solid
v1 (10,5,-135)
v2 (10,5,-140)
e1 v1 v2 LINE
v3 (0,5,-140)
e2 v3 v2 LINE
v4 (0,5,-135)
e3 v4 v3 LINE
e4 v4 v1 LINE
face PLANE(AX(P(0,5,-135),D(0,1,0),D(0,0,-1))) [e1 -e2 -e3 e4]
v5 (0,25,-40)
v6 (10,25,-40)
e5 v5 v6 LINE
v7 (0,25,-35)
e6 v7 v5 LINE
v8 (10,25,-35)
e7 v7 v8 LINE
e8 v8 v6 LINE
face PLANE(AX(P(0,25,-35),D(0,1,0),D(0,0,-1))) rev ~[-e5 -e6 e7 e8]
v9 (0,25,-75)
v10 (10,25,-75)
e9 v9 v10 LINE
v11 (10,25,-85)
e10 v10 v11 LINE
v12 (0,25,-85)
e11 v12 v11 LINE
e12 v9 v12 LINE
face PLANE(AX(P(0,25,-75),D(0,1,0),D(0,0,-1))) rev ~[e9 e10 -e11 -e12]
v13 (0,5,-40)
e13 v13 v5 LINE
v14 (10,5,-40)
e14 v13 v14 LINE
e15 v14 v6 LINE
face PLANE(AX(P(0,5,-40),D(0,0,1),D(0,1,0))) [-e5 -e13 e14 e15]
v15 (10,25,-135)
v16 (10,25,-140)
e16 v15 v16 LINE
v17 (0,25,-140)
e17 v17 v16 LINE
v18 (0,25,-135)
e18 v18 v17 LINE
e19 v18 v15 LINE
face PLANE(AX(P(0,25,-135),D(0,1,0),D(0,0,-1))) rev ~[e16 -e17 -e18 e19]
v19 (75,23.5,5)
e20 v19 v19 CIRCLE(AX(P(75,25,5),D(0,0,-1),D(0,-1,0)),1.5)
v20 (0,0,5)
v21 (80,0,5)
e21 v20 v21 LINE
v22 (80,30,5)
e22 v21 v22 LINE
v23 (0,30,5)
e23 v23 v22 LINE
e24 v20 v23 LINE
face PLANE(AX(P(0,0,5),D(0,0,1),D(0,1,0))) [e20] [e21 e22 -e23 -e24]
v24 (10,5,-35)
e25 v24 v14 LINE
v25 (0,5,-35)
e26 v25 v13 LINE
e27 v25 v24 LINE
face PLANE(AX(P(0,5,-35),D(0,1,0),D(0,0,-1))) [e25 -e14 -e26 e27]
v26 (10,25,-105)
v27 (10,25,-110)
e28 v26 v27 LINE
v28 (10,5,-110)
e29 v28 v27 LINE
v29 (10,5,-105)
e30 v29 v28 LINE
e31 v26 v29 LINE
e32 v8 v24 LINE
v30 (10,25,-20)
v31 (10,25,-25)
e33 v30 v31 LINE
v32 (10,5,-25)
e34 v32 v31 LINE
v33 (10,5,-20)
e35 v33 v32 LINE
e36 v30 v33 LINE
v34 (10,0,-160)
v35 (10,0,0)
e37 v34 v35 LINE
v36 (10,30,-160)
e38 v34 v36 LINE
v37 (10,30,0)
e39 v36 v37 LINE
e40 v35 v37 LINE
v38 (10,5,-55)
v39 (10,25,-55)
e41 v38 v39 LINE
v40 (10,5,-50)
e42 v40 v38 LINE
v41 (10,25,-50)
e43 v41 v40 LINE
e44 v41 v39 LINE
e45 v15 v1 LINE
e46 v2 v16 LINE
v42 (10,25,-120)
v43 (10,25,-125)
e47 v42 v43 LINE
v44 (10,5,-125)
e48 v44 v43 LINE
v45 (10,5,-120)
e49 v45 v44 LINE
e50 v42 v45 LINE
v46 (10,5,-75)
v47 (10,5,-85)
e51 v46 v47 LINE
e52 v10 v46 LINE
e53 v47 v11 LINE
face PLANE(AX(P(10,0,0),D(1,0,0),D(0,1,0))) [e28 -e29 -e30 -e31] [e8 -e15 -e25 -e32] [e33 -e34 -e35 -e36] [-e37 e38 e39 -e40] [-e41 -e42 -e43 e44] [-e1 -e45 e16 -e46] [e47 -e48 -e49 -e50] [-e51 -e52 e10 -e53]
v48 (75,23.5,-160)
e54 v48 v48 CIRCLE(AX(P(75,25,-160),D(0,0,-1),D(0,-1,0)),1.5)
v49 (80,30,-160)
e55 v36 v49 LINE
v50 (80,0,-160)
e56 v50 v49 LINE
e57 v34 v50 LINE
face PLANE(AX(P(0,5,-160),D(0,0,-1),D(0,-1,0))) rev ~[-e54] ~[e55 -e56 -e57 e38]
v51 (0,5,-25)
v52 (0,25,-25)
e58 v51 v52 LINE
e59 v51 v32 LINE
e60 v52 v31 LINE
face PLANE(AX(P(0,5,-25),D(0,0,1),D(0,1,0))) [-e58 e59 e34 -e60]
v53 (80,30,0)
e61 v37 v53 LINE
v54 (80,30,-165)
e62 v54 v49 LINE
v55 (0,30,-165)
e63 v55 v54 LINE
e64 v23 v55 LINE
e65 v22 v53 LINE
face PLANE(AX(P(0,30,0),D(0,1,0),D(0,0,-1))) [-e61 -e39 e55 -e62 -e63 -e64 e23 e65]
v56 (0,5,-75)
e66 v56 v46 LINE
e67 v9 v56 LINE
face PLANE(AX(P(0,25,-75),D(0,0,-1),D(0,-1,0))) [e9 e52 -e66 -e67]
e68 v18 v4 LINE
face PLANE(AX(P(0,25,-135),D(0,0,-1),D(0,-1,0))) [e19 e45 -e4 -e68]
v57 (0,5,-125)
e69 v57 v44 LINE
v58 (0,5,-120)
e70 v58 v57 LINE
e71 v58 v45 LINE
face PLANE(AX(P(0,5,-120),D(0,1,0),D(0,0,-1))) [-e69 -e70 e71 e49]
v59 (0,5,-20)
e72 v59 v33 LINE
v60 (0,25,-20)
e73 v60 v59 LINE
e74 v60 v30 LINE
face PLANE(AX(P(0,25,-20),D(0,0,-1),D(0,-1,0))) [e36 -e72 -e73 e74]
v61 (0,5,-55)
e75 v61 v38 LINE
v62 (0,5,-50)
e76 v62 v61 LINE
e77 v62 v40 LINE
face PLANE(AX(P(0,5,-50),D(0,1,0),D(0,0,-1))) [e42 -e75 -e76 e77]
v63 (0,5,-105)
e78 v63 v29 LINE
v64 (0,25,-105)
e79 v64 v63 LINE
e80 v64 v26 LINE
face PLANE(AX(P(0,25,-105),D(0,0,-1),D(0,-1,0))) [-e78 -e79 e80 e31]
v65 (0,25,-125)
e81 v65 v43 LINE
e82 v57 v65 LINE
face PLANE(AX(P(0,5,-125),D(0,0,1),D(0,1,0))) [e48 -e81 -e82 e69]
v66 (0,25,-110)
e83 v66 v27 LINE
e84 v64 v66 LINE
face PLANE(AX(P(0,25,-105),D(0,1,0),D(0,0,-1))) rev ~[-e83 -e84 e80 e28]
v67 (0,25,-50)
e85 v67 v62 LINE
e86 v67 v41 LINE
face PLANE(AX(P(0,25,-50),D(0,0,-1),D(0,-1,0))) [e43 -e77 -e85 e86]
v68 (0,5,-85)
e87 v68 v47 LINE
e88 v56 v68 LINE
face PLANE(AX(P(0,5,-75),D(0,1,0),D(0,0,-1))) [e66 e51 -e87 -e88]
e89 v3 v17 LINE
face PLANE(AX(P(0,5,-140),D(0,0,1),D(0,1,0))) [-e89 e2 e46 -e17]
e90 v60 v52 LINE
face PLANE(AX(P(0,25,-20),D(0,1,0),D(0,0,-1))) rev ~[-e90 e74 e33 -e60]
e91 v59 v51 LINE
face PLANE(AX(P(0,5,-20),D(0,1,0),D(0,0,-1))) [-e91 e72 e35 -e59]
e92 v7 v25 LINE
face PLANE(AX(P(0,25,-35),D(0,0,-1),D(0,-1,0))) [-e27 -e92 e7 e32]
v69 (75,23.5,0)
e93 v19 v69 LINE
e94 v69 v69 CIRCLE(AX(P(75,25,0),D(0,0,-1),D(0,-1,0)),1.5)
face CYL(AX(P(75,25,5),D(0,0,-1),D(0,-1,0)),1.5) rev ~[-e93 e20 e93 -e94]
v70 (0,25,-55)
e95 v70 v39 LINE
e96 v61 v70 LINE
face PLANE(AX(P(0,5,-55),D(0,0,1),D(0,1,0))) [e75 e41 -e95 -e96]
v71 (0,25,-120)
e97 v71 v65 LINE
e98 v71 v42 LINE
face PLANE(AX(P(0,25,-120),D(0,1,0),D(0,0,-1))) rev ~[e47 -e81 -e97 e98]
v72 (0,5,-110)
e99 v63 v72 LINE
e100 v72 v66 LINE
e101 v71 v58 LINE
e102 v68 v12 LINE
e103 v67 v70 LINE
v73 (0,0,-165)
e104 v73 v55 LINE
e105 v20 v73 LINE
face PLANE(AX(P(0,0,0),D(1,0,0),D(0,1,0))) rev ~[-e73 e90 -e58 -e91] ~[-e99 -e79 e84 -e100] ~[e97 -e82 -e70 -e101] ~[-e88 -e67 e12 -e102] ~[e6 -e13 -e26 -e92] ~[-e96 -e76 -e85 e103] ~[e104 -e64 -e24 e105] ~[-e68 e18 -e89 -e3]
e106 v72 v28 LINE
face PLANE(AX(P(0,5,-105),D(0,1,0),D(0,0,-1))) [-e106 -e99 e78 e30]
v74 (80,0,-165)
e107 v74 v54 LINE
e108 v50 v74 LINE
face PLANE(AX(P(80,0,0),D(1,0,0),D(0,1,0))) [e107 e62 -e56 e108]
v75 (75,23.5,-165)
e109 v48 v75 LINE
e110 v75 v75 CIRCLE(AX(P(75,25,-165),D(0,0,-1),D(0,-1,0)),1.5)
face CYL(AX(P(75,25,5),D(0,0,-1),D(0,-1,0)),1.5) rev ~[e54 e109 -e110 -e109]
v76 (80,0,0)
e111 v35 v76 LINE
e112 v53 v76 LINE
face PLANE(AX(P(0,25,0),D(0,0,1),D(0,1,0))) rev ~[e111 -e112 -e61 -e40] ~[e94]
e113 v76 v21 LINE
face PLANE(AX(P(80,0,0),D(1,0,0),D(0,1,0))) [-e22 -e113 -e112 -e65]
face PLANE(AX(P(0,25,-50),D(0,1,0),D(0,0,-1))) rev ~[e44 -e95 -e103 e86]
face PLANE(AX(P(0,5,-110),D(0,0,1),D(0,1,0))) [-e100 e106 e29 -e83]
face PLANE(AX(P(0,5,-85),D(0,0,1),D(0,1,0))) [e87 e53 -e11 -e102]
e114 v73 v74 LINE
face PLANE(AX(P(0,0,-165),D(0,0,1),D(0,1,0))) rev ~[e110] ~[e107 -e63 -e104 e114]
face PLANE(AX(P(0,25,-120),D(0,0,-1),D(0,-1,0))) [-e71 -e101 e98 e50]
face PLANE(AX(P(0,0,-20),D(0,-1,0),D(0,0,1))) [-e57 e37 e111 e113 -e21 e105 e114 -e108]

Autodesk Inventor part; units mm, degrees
ref_plane "YZ Plane" through (0, 0, 0) normal (1, 0, 0) x (0, 1, 0)
ref_plane "XZ Plane" through (0, 0, 0) normal (0, 1, 0) x (-1, 0, 0)
ref_plane "XY Plane" through (0, 0, 0) normal (0, 0, 1) x (1, 0, 0)
sketch "Sketch1" plane through (0, 0, 0) normal (1, 0, 0) x (0, 1, 0)
  line L0 (0, 0) -> (30, 0)
  line L1 (30, 0) -> (30, -160)
  line L2 (30, -160) -> (0, -160)
  line L3 (0, -160) -> (0, 0)
  line L4 (25, -20) -> (5, -20)
  line L5 (0, -20) -> (0, -25)
  line L6 (5, -25) -> (25, -25)
  line L7 (30, -25) -> (30, -20)
  line L8 (25, -35) -> (5, -35)
  line L9 (0, -35) -> (0, -40)
  line L10 (5, -40) -> (25, -40)
  line L11 (30, -40) -> (30, -35)
  line L12 (25, -50) -> (5, -50)
  line L13 (0, -50) -> (0, -55)
  line L14 (5, -55) -> (25, -55)
  line L15 (30, -55) -> (30, -50)
  line L16 (25, -75) -> (5, -75)
  line L17 (0, -75) -> (0, -85)
  line L18 (5, -85) -> (25, -85)
  line L19 (30, -85) -> (30, -75)
  line L20 (25, -105) -> (5, -105)
  line L21 (0, -105) -> (0, -110)
  line L22 (5, -110) -> (25, -110)
  line L23 (30, -110) -> (30, -105)
  line L24 (25, -120) -> (5, -120)
  line L25 (0, -120) -> (0, -125)
  line L26 (5, -125) -> (25, -125)
  line L27 (30, -125) -> (30, -120)
  line L28 (25, -135) -> (5, -135)
  line L29 (0, -135) -> (0, -140)
  line L30 (5, -140) -> (25, -140)
  line L31 (30, -140) -> (30, -135)
  line L32 (30, 0) -> (25, 0)
  line L33 (25, 0) -> (25, -160)
  line L34 (25, -160) -> (30, -160)
  line L35 (30, -160) -> (30, 0)
  line L36 (0, 0) -> (5, 0)
  line L37 (5, 0) -> (5, -160)
  line L38 (5, -160) -> (0, -160)
  line L39 (0, -160) -> (0, 0)
  line L40 (30, 0) -> (0, 0)
  line L41 (0, 0) -> (0, 5)
  line L42 (0, 5) -> (30, 5)
  line L43 (30, 5) -> (30, 0)
  line L44 (30, -160) -> (0, -160)
  line L45 (0, -160) -> (0, -165)
  line L46 (0, -165) -> (30, -165)
  line L47 (30, -165) -> (30, -160)
  dimension "d0" = 30
  dimension "d1" = 160
  dimension "d2" = 5
  dimension "d3" = 20
  dimension "d4" = 5
  dimension "d5" = 5
  dimension "d6" = 10
  dimension "d7" = 5
  dimension "d8" = 5
  dimension "d9" = 5
  dimension "d10" = 20
  dimension "d12" = 10
  dimension "d14" = 20
  dimension "d15" = 10
  dimension "d16" = 10
  dimension "d17" = 10
  dimension "d18" = 5
  dimension "d19" = 5
  dimension "d20" = 5
  dimension "d21" = 5
extrude "Extrusion1" add sketch "Sketch1" along normal blind 10 contours L0 L37 L2 L3 | L0 L33 L4 L37 | L0 L1 L2 L33 | L6 L33 L8 L37 | L10 L33 L12 L37 | L14 L33 L16 L37 | L18 L33 L20 L37 | L22 L33 L24 L37 | L26 L33 L28 L37 | L30 L33 L2 L37
extrude "Extrusion2" add sketch "Sketch1" along normal blind 80 contours L41 L42 L43 L0 | L2 L47 L46 L45
sketch "Sketch2" plane through (0, 0, 5) normal (0, 0, 1) x (1, 0, 0)
  line L0 (80, 30) -> (80, 0) projected
  line L1 (0, 0) -> (80, 0) projected
  point P0 (75, 25)
  dimension "d33" = 5
  dimension "d34" = 25
hole "Hole1" at (75, 25, 5) direction (0, 0, -1) diameter 3 end through all
properties part number "BONNET"
